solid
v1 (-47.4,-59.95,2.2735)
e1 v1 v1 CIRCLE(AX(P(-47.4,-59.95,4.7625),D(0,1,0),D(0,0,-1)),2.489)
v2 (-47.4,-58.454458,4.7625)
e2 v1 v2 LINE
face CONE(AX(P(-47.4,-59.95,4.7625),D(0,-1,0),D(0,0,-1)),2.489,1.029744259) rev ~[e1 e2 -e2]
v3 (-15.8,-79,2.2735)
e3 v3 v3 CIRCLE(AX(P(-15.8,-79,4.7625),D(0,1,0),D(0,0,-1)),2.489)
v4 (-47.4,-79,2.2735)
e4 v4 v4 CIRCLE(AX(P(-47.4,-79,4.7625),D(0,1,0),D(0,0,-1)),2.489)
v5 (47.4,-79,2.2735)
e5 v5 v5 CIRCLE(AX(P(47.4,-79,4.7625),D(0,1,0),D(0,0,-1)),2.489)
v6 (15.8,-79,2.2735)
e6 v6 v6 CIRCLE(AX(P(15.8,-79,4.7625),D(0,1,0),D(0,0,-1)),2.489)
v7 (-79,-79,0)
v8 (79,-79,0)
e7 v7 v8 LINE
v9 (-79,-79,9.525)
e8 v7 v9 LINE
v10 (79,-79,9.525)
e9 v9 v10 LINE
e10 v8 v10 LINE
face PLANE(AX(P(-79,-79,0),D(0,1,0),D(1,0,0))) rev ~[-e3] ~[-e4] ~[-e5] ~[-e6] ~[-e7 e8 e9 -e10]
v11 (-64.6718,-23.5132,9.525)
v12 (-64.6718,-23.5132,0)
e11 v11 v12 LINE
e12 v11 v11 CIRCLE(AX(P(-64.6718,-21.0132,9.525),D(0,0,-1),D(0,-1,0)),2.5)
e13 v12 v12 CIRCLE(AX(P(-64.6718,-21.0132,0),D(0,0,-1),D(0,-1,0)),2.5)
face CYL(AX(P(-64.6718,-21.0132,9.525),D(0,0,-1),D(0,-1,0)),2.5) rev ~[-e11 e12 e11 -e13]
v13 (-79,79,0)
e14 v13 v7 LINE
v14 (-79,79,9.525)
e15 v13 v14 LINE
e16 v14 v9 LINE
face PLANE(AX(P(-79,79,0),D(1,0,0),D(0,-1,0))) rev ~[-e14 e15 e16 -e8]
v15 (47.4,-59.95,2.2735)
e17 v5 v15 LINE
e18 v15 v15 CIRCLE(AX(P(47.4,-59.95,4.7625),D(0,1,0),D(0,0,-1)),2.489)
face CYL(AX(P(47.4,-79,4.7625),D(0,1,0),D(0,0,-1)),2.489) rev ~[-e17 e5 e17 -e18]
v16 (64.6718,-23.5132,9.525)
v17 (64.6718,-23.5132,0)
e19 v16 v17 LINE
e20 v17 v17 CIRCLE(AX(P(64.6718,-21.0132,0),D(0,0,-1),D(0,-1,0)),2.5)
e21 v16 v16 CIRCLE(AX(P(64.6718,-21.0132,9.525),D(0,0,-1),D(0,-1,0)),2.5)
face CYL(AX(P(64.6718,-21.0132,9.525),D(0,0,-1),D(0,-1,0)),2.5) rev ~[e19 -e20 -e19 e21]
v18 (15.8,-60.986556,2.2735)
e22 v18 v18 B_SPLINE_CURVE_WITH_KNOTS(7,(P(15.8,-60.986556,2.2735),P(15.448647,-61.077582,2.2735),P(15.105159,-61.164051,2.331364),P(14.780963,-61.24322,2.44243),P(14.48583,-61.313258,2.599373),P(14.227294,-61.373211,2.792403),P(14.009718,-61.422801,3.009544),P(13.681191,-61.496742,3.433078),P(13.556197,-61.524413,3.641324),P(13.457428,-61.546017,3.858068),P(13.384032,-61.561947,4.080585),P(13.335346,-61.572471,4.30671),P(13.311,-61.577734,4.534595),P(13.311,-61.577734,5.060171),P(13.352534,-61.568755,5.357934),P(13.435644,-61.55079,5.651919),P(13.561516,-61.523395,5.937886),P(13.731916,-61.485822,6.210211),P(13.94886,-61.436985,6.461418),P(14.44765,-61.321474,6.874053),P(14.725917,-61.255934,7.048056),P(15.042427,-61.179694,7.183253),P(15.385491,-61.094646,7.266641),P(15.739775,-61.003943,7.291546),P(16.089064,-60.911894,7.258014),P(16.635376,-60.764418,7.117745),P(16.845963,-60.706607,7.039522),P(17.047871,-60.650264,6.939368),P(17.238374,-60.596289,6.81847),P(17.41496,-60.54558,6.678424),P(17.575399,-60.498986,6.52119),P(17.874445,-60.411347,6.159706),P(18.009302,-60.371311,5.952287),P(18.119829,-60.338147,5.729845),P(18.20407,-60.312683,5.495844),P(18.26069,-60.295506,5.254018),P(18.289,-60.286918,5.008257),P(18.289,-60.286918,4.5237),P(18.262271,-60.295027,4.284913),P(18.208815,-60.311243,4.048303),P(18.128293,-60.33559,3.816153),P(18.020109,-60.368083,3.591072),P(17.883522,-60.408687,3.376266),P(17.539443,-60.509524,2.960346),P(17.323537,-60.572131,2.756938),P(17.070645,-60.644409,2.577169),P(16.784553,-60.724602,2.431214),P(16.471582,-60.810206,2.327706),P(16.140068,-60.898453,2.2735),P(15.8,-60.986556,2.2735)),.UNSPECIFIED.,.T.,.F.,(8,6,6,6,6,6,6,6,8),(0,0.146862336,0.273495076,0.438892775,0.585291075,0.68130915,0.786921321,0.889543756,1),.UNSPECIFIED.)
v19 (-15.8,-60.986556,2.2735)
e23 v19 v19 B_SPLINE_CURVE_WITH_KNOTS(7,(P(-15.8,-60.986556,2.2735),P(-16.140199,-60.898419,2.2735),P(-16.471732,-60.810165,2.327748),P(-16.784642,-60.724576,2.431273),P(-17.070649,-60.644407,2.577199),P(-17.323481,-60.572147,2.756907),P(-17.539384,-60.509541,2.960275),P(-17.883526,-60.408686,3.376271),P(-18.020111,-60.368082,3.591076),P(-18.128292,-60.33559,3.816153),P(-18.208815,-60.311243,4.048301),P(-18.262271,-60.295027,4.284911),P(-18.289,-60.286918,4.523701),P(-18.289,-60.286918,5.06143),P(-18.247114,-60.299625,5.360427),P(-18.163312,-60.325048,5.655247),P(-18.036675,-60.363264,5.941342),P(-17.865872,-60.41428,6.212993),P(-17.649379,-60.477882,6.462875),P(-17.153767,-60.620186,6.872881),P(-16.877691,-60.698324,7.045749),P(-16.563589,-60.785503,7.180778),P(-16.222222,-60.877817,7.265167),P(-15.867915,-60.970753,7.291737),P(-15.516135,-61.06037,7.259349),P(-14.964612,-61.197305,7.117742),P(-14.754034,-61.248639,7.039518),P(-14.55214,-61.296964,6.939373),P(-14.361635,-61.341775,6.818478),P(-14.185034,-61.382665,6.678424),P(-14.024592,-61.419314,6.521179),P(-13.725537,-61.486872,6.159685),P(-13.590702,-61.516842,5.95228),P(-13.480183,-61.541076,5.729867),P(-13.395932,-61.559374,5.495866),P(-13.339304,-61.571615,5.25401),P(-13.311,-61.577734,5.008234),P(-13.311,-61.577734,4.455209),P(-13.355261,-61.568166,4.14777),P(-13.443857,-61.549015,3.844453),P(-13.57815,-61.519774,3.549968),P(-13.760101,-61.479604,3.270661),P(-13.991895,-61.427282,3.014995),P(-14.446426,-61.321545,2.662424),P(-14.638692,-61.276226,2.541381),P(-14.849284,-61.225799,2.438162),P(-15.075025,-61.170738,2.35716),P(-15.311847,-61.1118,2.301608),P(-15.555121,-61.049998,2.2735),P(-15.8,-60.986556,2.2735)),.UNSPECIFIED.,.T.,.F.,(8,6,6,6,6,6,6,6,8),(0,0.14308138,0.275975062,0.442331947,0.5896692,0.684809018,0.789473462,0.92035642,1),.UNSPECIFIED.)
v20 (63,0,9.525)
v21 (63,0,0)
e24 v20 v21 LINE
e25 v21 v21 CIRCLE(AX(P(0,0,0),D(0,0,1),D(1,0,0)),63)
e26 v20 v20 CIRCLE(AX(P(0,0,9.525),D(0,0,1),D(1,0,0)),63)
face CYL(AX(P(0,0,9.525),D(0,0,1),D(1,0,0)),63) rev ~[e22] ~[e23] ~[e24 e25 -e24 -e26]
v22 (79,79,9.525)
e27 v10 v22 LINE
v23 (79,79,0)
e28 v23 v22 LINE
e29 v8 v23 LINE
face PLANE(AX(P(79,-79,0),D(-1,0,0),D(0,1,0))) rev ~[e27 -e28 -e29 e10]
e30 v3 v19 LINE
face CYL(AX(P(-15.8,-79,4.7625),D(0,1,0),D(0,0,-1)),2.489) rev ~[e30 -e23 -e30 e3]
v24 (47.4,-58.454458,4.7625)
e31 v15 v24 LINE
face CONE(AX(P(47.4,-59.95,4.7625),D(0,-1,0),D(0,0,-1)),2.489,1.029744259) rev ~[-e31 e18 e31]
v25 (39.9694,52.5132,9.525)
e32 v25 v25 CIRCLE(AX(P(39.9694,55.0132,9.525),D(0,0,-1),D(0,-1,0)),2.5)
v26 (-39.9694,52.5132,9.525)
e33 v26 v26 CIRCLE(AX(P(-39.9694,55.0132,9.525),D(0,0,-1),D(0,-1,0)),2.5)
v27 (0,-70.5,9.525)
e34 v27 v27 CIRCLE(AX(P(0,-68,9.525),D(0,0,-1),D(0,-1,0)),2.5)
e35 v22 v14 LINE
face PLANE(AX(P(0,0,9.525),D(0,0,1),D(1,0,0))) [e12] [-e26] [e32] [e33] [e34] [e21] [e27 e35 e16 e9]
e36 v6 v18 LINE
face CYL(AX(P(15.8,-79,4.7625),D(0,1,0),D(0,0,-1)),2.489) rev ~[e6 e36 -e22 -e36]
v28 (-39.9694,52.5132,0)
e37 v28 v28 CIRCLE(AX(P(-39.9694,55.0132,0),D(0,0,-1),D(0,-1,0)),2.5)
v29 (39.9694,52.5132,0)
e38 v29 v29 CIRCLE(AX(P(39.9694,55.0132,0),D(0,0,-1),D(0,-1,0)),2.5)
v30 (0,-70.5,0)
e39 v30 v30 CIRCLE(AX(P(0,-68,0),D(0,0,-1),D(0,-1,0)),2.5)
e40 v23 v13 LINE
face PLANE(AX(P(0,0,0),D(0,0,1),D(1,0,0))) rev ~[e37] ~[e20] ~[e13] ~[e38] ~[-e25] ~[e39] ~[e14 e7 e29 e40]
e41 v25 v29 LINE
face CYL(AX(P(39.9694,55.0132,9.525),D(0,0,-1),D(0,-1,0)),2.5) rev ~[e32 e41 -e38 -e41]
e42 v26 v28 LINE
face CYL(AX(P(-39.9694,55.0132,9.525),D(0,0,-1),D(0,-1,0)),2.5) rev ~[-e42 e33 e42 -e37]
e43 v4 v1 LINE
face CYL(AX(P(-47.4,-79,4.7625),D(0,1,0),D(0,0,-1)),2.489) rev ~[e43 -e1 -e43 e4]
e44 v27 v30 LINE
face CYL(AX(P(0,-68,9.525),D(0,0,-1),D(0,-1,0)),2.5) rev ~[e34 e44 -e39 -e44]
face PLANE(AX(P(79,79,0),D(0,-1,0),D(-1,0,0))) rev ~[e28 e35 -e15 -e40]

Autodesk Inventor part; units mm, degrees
ref_plane "YZ Plane" through (0, 0, 0) normal (1, 0, 0) x (0, 1, 0)
ref_plane "XZ Plane" through (0, 0, 0) normal (0, 1, 0) x (-1, 0, 0)
ref_plane "XY Plane" through (0, 0, 0) normal (0, 0, 1) x (1, 0, 0)
sketch "Sketch1" plane through (0, 0, 0) normal (0, 0, 1) x (1, 0, 0)
  line L0 (-79, -79) -> (79, -79)
  line L1 (79, -79) -> (79, 79)
  line L2 (79, 79) -> (-79, 79)
  line L3 (-79, 79) -> (-79, -79)
  line L4 (-79, 0) -> (0, 0) construction
  line L5 (0, 0) -> (0, -79) construction
  point P0 (0, -79)
  dimension "d0" = 158
  dimension "d1" = 158
extrude "Extrusion1" add sketch "Sketch1" along normal blind 9.525
sketch "Sketch2" plane through (0, 0, 9.525) normal (0, 0, 1) x (1, 0, 0)
  circle A0 centre (0, 0) radius 68 construction
  line L0 (0, 0) -> (0, -68) construction
  circle A1 centre (0, 0) radius 68 construction
  circle A2 centre (0, 0) radius 68 construction
  circle A3 centre (0, 0) radius 68 construction
  circle A4 centre (0, 0) radius 68 construction
  point P0 (64.6718, -21.0132)
  point P1 (64.6718, -21.0132)
  point P2 (39.9694, 55.0132)
  point P3 (39.9694, 55.0132)
  point P4 (-39.9694, 55.0132)
  point P5 (-39.9694, 55.0132)
  point P6 (-64.6718, -21.0132)
  point P7 (-64.6718, -21.0132)
  dimension "d4" = 136
  dimension "d7" = 360
hole "Hole1" at (0, -68, 9.525) at (64.6718, -21.0132, 9.525) at (39.9694, 55.0132, 9.525) at (-39.9694, 55.0132, 9.525) at (-64.6718, -21.0132, 9.525) direction (0, 0, -1) diameter 5 end through all
sketch "Sketch4" plane through (0, 0, 9.525) normal (0, 0, 1) x (1, 0, 0)
  line L0 (79, -79) -> (79, 79) construction
  line L1 (79, 79) -> (-79, 79) construction
  line L2 (-79, 79) -> (-79, -79) construction
  line L3 (-79, -79) -> (79, -79) construction
  line L4 (-79, 0) -> (79, 0) construction
  line L5 (0, 79) -> (0, -79) construction
  circle A0 centre (0, 0) radius 63
  dimension "d16" = 126
extrude "Extrusion2" cut sketch "Sketch4" against normal through all
sketch "Sketch5" plane through (-79, -79, 0) normal (0, -1, 0) x (1, 0, 0)
  line L0 (158, 0) -> (158, 9.525) construction
  line L1 (0, 9.525) -> (158, 9.525) construction
  line L2 (0, 0) -> (158, 0) construction
  line L3 (0, 0) -> (0, 9.525) construction
  line L4 (0, 4.7625) -> (158, 4.7625) construction
  point P0 (79, 0)
  point P1 (31.6, 4.7625)
  point P2 (126.4, 4.7625)
  point P3 (94.8, 4.7625)
  point P4 (63.2, 4.7625)
  dimension "d19" = 31.6
  dimension "d20" = 31.6
  dimension "d21" = 31.6
  dimension "d22" = 31.6
  dimension "d23" = 31.6
hole "Hole2" at (-47.4, -79, 4.7625) at (47.4, -79, 4.7625) at (15.8, -79, 4.7625) at (-15.8, -79, 4.7625) direction (0, 1, 0) diameter 4.978 depth 19.05 tip angle 118 thread size "1/4-20 UNC" class "2B" standard "ANSI Unified Screw Threads"
properties part number "face_part"
